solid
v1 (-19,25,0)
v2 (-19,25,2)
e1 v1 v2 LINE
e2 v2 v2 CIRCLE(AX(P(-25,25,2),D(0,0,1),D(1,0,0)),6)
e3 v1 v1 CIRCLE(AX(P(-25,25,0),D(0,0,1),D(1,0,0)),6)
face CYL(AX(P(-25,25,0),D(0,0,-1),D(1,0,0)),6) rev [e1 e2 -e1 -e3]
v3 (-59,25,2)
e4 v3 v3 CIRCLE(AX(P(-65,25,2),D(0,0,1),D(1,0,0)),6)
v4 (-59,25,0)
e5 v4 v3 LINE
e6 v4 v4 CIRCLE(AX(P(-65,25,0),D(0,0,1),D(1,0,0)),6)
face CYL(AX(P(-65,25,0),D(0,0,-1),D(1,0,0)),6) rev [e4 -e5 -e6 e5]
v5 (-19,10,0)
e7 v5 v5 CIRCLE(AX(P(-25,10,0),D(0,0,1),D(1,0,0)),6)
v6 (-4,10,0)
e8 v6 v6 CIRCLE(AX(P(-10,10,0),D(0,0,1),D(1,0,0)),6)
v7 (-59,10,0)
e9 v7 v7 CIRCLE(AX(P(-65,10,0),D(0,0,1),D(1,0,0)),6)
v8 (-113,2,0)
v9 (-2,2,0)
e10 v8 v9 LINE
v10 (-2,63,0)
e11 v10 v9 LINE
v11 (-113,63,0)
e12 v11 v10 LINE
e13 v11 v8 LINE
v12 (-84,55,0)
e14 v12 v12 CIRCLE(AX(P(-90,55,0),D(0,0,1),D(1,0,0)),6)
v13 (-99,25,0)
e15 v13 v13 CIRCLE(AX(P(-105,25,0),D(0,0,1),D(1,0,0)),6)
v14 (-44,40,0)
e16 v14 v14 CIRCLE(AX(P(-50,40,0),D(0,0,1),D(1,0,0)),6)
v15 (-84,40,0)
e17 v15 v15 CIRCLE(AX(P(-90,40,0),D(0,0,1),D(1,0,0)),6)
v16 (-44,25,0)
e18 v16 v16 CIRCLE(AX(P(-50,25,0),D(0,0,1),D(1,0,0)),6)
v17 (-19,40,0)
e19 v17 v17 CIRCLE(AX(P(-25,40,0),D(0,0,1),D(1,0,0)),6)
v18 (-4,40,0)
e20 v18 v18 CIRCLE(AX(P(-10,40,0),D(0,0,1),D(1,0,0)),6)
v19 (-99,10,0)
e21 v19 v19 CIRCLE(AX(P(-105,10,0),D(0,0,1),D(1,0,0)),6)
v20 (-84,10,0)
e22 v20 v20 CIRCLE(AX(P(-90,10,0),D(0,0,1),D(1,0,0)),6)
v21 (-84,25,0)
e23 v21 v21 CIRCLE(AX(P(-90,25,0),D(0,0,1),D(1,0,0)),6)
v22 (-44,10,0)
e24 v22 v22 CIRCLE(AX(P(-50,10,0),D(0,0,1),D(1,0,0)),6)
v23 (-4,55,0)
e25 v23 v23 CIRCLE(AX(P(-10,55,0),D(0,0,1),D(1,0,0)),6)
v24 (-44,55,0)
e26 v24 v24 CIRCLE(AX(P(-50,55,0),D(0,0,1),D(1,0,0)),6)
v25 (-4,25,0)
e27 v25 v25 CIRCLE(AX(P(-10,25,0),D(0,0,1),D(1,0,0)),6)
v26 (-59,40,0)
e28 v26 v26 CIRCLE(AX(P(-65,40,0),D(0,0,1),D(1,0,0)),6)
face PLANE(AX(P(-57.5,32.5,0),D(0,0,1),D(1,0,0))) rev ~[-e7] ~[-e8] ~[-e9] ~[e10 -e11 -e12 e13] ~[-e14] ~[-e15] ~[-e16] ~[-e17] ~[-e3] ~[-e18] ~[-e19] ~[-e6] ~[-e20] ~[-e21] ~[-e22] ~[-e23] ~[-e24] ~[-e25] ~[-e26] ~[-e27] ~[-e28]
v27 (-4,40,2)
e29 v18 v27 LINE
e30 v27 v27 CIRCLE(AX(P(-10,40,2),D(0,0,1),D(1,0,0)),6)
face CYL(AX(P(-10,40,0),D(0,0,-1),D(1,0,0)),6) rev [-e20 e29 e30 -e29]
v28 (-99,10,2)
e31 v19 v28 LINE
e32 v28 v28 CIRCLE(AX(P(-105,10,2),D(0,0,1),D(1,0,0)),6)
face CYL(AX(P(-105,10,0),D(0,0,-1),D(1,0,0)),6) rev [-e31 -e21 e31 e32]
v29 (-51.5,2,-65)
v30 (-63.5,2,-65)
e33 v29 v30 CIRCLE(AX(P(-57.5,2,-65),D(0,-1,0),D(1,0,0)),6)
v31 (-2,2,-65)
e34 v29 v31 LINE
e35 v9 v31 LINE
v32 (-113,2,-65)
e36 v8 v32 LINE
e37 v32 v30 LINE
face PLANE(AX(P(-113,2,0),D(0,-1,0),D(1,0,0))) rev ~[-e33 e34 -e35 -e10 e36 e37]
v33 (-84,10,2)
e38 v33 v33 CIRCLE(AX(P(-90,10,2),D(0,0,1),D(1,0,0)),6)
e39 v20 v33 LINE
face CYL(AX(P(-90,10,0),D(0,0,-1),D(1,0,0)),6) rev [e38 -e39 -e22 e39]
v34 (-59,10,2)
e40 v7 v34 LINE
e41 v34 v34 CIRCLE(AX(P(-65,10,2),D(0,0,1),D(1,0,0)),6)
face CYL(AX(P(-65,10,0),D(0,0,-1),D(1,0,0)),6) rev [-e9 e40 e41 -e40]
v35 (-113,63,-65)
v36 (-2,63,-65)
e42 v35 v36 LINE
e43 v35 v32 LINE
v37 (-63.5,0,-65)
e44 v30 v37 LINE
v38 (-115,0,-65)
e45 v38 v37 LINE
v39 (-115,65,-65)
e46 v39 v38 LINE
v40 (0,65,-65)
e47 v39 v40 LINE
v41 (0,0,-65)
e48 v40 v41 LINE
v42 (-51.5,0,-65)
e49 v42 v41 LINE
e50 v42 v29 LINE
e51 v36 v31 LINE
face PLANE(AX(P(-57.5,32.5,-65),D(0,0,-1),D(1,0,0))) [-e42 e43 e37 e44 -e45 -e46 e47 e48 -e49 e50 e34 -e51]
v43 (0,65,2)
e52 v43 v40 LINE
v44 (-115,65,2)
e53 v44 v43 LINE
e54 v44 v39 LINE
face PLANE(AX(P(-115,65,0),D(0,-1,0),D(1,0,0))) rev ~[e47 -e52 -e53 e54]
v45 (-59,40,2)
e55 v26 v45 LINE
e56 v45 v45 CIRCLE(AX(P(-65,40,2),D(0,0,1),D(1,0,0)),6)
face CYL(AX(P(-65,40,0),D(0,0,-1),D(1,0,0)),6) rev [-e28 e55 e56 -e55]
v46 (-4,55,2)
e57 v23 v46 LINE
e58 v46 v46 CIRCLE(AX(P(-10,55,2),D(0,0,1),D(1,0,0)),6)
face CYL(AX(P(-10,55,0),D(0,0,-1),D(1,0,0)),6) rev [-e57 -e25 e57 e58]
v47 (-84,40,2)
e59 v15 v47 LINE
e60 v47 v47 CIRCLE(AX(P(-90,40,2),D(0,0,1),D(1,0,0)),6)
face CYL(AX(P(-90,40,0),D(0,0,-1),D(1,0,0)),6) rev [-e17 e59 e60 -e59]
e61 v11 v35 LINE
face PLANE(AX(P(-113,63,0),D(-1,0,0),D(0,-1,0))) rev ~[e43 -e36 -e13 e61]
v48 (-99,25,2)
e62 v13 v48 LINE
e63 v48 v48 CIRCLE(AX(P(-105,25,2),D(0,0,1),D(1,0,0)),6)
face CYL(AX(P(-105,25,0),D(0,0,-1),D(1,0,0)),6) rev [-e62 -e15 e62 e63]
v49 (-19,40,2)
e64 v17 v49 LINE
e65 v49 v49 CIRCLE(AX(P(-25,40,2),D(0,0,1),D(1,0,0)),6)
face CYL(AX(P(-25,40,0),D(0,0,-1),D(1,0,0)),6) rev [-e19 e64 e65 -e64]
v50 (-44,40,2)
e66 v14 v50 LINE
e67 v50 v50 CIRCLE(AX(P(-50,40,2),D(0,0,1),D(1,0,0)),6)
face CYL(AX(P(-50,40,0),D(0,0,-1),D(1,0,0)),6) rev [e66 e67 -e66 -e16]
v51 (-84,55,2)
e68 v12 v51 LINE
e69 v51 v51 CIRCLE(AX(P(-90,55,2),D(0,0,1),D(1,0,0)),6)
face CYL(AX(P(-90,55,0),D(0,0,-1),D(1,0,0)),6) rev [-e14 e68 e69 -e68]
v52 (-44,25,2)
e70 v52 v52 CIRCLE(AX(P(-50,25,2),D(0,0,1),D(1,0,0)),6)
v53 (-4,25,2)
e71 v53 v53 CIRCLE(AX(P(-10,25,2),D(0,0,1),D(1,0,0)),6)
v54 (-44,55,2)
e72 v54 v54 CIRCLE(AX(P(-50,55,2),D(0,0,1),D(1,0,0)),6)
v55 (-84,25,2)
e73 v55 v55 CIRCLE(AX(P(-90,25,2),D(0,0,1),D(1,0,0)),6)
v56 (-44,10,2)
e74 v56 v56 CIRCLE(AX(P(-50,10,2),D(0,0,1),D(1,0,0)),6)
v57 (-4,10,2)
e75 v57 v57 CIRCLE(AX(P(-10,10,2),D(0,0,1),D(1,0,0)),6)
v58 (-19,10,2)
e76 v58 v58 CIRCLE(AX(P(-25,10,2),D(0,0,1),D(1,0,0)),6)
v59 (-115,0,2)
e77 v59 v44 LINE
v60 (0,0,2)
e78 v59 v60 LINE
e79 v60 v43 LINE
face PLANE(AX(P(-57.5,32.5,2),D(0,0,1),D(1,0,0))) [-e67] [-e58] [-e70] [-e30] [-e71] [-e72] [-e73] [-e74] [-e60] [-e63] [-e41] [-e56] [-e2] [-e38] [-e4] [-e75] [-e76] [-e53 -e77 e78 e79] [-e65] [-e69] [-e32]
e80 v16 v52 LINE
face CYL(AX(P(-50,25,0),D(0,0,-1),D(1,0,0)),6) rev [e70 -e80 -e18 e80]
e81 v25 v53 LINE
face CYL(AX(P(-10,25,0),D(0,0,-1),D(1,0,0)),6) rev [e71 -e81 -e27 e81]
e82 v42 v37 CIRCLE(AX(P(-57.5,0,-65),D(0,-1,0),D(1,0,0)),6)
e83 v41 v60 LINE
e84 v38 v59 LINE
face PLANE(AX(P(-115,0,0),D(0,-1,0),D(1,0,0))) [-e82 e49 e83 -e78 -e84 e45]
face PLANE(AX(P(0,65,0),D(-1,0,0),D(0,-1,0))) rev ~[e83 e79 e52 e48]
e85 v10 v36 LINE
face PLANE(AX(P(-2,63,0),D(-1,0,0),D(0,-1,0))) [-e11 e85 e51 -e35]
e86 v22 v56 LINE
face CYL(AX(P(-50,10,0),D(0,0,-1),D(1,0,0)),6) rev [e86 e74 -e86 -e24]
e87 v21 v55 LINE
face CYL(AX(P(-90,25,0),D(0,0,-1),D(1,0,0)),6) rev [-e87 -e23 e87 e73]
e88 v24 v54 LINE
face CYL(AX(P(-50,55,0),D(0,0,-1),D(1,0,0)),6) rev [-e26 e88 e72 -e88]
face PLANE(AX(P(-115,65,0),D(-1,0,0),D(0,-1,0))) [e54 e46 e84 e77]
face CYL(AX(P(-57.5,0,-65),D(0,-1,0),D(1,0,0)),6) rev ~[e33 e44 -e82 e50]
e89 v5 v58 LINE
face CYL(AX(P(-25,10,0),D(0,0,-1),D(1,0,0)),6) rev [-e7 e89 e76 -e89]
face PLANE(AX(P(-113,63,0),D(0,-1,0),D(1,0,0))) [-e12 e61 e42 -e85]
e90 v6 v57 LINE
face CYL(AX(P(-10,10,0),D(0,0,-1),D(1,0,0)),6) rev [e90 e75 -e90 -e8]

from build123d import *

# Parameters (mm, degrees)
SKETCH_W      = 115
SKETCH_H      = 65
SKETCH_R      = 6
PAD_DEPTH     = 2
SKETCH001_W   = 115
SKETCH001_H   = 65
SKETCH001_W_2 = 111
SKETCH001_H_2 = 61
PAD001_DEPTH  = 65
SKETCH002_R   = 6
POCKET_DEPTH  = 2


with BuildPart() as part:
    # Sketch → Pad (new body)
    with BuildSketch(Plane.XY):
        with Locations((-57.5, 32.5)):
            Rectangle(SKETCH_W, SKETCH_H)
        with Locations((-10, 25)):
            Circle(SKETCH_R, mode=Mode.SUBTRACT)
        with Locations((-10, 10)):
            Circle(SKETCH_R, mode=Mode.SUBTRACT)
        with Locations((-10, 40)):
            Circle(SKETCH_R, mode=Mode.SUBTRACT)
        with Locations((-10, 55)):
            Circle(SKETCH_R, mode=Mode.SUBTRACT)
        with Locations((-25, 25)):
            Circle(SKETCH_R, mode=Mode.SUBTRACT)
        with Locations((-25, 40)):
            Circle(SKETCH_R, mode=Mode.SUBTRACT)
        with Locations((-25, 10)):
            Circle(SKETCH_R, mode=Mode.SUBTRACT)
        with Locations((-50, 10)):
            Circle(SKETCH_R, mode=Mode.SUBTRACT)
        with Locations((-50, 25)):
            Circle(SKETCH_R, mode=Mode.SUBTRACT)
        with Locations((-50, 40)):
            Circle(SKETCH_R, mode=Mode.SUBTRACT)
        with Locations((-50, 55)):
            Circle(SKETCH_R, mode=Mode.SUBTRACT)
        with Locations((-65, 40)):
            Circle(SKETCH_R, mode=Mode.SUBTRACT)
        with Locations((-65, 25)):
            Circle(SKETCH_R, mode=Mode.SUBTRACT)
        with Locations((-65, 10)):
            Circle(SKETCH_R, mode=Mode.SUBTRACT)
        with Locations((-90, 55)):
            Circle(SKETCH_R, mode=Mode.SUBTRACT)
        with Locations((-90, 40)):
            Circle(SKETCH_R, mode=Mode.SUBTRACT)
        with Locations((-90, 25)):
            Circle(SKETCH_R, mode=Mode.SUBTRACT)
        with Locations((-90, 10)):
            Circle(SKETCH_R, mode=Mode.SUBTRACT)
        with Locations((-105, 10)):
            Circle(SKETCH_R, mode=Mode.SUBTRACT)
        with Locations((-105, 25)):
            Circle(SKETCH_R, mode=Mode.SUBTRACT)
    extrude(amount=PAD_DEPTH)

    # Sketch001 (on Face25 of Pad) → Pad001 (join)
    with BuildSketch(Plane(origin=(0, 0, 0), x_dir=(1, 0, 0), z_dir=(0, 0, -1))):
        with Locations((-57.5, -32.5)):
            Rectangle(SKETCH001_W, SKETCH001_H)
        with Locations((-57.5, -32.5)):
            Rectangle(SKETCH001_W_2, SKETCH001_H_2, mode=Mode.SUBTRACT)
    extrude(amount=PAD001_DEPTH)

    # Sketch002 (on Face28 of Pad001) → Pocket (cut)
    with BuildSketch(Plane.XZ):
        with Locations((-57.5, -65)):
            Circle(SKETCH002_R)
    extrude(amount=-POCKET_DEPTH, mode=Mode.SUBTRACT)


solid = part.part
